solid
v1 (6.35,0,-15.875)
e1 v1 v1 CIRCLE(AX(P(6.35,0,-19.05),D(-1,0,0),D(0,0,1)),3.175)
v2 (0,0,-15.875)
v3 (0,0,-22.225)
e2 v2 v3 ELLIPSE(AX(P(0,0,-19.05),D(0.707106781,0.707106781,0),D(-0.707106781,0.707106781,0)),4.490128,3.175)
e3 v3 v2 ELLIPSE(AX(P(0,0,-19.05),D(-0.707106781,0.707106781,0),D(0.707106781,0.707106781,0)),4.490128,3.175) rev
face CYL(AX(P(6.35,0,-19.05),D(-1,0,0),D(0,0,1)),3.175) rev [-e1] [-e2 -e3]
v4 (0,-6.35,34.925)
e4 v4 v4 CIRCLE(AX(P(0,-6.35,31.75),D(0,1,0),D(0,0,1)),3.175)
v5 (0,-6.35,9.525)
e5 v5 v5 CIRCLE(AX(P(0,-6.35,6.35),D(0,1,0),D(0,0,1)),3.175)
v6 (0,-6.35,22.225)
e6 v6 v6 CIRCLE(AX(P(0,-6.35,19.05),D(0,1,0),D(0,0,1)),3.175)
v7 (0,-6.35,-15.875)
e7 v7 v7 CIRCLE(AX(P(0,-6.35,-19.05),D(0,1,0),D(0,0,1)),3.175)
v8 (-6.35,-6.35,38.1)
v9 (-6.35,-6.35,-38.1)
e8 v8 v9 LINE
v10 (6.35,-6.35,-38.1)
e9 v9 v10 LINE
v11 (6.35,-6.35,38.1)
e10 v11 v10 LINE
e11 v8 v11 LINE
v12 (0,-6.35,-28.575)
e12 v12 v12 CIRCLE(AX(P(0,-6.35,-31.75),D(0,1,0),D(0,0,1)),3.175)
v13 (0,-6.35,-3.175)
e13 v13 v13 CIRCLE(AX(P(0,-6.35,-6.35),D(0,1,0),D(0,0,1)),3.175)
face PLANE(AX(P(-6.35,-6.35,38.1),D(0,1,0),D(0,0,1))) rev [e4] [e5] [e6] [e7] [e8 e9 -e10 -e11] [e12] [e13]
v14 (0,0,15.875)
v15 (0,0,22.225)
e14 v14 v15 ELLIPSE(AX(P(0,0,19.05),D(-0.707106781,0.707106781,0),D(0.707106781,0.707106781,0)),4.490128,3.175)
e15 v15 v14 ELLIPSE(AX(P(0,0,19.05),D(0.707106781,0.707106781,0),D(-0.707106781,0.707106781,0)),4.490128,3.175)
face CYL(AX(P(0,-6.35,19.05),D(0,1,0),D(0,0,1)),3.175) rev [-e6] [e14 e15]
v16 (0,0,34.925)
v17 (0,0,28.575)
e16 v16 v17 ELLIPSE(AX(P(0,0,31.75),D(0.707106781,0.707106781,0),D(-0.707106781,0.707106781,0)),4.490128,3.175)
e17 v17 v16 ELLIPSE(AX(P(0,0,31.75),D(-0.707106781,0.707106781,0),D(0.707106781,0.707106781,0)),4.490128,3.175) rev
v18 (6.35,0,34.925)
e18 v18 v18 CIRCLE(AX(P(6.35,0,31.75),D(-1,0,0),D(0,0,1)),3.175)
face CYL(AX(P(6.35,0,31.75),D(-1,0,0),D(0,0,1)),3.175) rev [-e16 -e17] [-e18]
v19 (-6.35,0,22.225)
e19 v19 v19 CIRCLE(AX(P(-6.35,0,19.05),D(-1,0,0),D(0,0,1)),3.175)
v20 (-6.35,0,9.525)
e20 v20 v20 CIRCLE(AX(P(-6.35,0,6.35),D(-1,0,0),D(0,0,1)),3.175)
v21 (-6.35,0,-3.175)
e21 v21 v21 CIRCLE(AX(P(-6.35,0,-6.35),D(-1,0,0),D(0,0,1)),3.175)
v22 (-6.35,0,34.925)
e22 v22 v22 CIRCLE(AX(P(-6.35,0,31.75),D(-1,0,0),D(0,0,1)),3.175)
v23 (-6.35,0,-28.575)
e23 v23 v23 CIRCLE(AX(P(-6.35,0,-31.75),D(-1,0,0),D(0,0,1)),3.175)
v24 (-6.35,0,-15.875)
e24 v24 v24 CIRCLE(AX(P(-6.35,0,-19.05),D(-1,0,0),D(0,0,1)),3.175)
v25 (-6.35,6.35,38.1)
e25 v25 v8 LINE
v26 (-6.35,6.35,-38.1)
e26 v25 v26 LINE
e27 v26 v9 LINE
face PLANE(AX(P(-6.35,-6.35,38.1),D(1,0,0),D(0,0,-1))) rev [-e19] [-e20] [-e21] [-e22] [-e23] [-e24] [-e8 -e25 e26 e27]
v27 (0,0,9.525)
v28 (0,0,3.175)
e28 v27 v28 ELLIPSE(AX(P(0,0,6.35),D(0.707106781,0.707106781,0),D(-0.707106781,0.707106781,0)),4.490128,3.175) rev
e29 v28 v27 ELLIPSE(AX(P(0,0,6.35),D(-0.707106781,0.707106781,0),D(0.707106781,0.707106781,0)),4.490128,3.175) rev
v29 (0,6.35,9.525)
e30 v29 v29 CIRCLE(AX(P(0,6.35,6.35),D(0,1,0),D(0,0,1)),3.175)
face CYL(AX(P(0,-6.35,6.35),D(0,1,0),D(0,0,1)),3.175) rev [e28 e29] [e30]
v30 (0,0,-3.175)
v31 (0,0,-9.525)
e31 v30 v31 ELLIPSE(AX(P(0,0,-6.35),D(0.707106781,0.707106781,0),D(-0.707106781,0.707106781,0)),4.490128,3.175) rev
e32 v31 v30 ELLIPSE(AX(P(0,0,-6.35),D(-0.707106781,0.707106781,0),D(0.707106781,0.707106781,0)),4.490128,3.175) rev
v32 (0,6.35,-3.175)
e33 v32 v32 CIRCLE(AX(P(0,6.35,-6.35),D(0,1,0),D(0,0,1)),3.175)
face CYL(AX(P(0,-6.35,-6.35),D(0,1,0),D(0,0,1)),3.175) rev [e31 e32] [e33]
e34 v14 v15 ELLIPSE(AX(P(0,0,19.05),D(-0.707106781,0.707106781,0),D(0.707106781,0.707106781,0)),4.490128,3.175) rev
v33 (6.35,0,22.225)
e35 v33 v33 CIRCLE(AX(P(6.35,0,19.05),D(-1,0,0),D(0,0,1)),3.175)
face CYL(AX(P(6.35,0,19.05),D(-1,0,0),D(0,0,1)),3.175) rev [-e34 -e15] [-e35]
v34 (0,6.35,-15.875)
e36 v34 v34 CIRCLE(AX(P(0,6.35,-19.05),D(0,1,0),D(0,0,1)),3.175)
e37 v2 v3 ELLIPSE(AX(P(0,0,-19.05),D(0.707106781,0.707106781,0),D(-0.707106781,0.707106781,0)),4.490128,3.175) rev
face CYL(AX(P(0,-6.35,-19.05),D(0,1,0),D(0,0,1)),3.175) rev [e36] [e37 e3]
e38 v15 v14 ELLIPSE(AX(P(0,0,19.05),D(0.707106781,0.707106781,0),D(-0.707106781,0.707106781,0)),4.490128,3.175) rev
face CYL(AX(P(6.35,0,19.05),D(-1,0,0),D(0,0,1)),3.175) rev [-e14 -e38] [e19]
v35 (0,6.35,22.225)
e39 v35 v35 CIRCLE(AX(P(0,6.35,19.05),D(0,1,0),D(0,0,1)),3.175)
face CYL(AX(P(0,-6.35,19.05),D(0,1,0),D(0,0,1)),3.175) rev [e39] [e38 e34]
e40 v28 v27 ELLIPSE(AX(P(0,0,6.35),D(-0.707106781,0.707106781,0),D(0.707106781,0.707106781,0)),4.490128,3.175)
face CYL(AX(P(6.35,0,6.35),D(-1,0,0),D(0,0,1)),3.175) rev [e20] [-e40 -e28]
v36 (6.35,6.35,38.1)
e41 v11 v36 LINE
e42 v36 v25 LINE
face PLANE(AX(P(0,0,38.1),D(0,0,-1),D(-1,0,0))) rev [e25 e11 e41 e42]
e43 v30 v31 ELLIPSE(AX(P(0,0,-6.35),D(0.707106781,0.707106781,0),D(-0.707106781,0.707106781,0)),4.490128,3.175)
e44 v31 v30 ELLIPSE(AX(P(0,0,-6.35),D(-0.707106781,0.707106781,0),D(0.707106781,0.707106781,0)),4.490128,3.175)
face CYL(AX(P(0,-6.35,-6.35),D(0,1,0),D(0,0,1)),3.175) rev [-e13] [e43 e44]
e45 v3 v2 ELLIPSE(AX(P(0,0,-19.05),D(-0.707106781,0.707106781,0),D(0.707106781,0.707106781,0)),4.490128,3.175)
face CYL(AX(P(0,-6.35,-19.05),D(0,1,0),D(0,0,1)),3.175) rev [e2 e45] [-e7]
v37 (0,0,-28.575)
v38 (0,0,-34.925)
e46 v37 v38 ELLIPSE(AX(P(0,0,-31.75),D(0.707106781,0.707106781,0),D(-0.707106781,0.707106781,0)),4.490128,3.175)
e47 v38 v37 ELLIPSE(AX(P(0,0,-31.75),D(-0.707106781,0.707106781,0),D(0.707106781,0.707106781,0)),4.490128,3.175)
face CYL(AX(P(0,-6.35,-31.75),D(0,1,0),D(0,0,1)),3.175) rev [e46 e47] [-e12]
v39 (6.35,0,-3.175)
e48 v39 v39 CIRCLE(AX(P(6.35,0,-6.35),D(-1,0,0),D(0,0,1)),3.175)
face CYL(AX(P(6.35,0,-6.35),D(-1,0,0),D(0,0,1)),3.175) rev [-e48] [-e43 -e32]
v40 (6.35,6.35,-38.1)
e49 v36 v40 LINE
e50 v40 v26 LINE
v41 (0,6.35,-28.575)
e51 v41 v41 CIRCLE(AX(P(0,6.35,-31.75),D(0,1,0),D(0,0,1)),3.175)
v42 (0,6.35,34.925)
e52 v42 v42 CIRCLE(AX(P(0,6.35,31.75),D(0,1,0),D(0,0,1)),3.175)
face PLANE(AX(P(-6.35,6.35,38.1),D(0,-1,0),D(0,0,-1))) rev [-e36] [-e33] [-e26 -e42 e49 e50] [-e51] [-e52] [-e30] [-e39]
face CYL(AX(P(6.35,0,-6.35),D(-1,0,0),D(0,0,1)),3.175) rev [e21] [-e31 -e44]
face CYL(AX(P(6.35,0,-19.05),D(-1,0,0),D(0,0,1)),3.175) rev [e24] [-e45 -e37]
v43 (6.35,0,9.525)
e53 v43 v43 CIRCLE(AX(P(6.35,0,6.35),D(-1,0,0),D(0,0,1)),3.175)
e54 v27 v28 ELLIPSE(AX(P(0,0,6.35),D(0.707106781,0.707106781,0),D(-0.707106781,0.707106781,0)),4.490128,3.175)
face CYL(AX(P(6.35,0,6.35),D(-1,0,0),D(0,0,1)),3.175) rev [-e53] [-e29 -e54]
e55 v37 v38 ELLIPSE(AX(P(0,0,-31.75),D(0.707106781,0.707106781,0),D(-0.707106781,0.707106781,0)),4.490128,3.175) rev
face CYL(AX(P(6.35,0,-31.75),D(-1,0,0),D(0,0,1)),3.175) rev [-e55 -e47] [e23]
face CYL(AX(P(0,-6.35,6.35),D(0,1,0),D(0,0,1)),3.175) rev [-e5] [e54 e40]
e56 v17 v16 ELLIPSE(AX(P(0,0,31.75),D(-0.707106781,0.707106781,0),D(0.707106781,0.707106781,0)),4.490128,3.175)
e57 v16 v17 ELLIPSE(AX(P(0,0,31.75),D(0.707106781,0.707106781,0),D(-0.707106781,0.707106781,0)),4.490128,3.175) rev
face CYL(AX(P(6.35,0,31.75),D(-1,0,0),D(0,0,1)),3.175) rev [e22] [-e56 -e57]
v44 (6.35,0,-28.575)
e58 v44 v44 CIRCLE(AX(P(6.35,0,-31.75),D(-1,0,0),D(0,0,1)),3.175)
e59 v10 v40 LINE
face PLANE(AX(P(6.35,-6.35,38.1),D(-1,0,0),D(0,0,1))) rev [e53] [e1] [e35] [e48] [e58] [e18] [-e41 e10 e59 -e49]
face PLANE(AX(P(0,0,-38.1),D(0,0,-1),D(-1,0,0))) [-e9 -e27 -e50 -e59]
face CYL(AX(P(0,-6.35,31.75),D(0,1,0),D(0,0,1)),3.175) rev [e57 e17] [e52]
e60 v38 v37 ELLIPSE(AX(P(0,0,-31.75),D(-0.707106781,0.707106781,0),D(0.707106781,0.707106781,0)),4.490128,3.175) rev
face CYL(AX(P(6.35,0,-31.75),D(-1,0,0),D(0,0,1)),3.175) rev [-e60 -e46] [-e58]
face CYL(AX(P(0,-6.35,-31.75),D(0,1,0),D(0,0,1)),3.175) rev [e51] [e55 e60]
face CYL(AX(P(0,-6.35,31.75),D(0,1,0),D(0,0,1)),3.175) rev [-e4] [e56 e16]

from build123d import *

# Parameters (mm, degrees)
SKETCH1_W           = 12.7
SKETCH1_H           = 12.7
BOSS_EXTRUDE1_DEPTH = 38.1
SKETCH2_R           = 3.175
CUT_EXTRUDE1_DEPTH  = 41.659838908
SKETCH4_R           = 3.175
CUT_EXTRUDE2_DEPTH  = 41.659838908


with BuildPart() as part:
    # Sketch1 → Boss-Extrude1 (new, symmetric)
    with BuildSketch(Plane.XY):
        Rectangle(SKETCH1_W, SKETCH1_H)
    extrude(amount=BOSS_EXTRUDE1_DEPTH, both=True)

    # Sketch2 → Cut-Extrude1 (cut, through all)
    with BuildSketch(Plane(origin=(0, 6.35, 0), x_dir=(1, 0, 0), z_dir=(0, 1, 0))):
        with Locations(Location((0, 31.75, 0), (0, 0, 270))):
            Circle(SKETCH2_R)
        with Locations(Location((0, 19.05, 0), (0, 0, 270))):
            Circle(SKETCH2_R)
        with Locations(Location((0, 6.35, 0), (0, 0, 270))):
            Circle(SKETCH2_R)
        with Locations(Location((0, -6.35, 0), (0, 0, 270))):
            Circle(SKETCH2_R)
        with Locations(Location((0, -19.05, 0), (0, 0, 270))):
            Circle(SKETCH2_R)
        with Locations(Location((0, -31.75, 0), (0, 0, 270))):
            Circle(SKETCH2_R)
    extrude(amount=-CUT_EXTRUDE1_DEPTH, mode=Mode.SUBTRACT)

    # Sketch4 → Cut-Extrude2 (cut, through all)
    with BuildSketch(Plane.ZY.offset(6.35)):
        with Locations((31.75, 0)):
            Circle(SKETCH4_R)
        with Locations((19.05, 0)):
            Circle(SKETCH4_R)
        with Locations((6.35, 0)):
            Circle(SKETCH4_R)
        with Locations((-6.35, 0)):
            Circle(SKETCH4_R)
        with Locations((-19.05, 0)):
            Circle(SKETCH4_R)
        with Locations((-31.75, 0)):
            Circle(SKETCH4_R)
    extrude(amount=-CUT_EXTRUDE2_DEPTH, mode=Mode.SUBTRACT)


solid = part.part
